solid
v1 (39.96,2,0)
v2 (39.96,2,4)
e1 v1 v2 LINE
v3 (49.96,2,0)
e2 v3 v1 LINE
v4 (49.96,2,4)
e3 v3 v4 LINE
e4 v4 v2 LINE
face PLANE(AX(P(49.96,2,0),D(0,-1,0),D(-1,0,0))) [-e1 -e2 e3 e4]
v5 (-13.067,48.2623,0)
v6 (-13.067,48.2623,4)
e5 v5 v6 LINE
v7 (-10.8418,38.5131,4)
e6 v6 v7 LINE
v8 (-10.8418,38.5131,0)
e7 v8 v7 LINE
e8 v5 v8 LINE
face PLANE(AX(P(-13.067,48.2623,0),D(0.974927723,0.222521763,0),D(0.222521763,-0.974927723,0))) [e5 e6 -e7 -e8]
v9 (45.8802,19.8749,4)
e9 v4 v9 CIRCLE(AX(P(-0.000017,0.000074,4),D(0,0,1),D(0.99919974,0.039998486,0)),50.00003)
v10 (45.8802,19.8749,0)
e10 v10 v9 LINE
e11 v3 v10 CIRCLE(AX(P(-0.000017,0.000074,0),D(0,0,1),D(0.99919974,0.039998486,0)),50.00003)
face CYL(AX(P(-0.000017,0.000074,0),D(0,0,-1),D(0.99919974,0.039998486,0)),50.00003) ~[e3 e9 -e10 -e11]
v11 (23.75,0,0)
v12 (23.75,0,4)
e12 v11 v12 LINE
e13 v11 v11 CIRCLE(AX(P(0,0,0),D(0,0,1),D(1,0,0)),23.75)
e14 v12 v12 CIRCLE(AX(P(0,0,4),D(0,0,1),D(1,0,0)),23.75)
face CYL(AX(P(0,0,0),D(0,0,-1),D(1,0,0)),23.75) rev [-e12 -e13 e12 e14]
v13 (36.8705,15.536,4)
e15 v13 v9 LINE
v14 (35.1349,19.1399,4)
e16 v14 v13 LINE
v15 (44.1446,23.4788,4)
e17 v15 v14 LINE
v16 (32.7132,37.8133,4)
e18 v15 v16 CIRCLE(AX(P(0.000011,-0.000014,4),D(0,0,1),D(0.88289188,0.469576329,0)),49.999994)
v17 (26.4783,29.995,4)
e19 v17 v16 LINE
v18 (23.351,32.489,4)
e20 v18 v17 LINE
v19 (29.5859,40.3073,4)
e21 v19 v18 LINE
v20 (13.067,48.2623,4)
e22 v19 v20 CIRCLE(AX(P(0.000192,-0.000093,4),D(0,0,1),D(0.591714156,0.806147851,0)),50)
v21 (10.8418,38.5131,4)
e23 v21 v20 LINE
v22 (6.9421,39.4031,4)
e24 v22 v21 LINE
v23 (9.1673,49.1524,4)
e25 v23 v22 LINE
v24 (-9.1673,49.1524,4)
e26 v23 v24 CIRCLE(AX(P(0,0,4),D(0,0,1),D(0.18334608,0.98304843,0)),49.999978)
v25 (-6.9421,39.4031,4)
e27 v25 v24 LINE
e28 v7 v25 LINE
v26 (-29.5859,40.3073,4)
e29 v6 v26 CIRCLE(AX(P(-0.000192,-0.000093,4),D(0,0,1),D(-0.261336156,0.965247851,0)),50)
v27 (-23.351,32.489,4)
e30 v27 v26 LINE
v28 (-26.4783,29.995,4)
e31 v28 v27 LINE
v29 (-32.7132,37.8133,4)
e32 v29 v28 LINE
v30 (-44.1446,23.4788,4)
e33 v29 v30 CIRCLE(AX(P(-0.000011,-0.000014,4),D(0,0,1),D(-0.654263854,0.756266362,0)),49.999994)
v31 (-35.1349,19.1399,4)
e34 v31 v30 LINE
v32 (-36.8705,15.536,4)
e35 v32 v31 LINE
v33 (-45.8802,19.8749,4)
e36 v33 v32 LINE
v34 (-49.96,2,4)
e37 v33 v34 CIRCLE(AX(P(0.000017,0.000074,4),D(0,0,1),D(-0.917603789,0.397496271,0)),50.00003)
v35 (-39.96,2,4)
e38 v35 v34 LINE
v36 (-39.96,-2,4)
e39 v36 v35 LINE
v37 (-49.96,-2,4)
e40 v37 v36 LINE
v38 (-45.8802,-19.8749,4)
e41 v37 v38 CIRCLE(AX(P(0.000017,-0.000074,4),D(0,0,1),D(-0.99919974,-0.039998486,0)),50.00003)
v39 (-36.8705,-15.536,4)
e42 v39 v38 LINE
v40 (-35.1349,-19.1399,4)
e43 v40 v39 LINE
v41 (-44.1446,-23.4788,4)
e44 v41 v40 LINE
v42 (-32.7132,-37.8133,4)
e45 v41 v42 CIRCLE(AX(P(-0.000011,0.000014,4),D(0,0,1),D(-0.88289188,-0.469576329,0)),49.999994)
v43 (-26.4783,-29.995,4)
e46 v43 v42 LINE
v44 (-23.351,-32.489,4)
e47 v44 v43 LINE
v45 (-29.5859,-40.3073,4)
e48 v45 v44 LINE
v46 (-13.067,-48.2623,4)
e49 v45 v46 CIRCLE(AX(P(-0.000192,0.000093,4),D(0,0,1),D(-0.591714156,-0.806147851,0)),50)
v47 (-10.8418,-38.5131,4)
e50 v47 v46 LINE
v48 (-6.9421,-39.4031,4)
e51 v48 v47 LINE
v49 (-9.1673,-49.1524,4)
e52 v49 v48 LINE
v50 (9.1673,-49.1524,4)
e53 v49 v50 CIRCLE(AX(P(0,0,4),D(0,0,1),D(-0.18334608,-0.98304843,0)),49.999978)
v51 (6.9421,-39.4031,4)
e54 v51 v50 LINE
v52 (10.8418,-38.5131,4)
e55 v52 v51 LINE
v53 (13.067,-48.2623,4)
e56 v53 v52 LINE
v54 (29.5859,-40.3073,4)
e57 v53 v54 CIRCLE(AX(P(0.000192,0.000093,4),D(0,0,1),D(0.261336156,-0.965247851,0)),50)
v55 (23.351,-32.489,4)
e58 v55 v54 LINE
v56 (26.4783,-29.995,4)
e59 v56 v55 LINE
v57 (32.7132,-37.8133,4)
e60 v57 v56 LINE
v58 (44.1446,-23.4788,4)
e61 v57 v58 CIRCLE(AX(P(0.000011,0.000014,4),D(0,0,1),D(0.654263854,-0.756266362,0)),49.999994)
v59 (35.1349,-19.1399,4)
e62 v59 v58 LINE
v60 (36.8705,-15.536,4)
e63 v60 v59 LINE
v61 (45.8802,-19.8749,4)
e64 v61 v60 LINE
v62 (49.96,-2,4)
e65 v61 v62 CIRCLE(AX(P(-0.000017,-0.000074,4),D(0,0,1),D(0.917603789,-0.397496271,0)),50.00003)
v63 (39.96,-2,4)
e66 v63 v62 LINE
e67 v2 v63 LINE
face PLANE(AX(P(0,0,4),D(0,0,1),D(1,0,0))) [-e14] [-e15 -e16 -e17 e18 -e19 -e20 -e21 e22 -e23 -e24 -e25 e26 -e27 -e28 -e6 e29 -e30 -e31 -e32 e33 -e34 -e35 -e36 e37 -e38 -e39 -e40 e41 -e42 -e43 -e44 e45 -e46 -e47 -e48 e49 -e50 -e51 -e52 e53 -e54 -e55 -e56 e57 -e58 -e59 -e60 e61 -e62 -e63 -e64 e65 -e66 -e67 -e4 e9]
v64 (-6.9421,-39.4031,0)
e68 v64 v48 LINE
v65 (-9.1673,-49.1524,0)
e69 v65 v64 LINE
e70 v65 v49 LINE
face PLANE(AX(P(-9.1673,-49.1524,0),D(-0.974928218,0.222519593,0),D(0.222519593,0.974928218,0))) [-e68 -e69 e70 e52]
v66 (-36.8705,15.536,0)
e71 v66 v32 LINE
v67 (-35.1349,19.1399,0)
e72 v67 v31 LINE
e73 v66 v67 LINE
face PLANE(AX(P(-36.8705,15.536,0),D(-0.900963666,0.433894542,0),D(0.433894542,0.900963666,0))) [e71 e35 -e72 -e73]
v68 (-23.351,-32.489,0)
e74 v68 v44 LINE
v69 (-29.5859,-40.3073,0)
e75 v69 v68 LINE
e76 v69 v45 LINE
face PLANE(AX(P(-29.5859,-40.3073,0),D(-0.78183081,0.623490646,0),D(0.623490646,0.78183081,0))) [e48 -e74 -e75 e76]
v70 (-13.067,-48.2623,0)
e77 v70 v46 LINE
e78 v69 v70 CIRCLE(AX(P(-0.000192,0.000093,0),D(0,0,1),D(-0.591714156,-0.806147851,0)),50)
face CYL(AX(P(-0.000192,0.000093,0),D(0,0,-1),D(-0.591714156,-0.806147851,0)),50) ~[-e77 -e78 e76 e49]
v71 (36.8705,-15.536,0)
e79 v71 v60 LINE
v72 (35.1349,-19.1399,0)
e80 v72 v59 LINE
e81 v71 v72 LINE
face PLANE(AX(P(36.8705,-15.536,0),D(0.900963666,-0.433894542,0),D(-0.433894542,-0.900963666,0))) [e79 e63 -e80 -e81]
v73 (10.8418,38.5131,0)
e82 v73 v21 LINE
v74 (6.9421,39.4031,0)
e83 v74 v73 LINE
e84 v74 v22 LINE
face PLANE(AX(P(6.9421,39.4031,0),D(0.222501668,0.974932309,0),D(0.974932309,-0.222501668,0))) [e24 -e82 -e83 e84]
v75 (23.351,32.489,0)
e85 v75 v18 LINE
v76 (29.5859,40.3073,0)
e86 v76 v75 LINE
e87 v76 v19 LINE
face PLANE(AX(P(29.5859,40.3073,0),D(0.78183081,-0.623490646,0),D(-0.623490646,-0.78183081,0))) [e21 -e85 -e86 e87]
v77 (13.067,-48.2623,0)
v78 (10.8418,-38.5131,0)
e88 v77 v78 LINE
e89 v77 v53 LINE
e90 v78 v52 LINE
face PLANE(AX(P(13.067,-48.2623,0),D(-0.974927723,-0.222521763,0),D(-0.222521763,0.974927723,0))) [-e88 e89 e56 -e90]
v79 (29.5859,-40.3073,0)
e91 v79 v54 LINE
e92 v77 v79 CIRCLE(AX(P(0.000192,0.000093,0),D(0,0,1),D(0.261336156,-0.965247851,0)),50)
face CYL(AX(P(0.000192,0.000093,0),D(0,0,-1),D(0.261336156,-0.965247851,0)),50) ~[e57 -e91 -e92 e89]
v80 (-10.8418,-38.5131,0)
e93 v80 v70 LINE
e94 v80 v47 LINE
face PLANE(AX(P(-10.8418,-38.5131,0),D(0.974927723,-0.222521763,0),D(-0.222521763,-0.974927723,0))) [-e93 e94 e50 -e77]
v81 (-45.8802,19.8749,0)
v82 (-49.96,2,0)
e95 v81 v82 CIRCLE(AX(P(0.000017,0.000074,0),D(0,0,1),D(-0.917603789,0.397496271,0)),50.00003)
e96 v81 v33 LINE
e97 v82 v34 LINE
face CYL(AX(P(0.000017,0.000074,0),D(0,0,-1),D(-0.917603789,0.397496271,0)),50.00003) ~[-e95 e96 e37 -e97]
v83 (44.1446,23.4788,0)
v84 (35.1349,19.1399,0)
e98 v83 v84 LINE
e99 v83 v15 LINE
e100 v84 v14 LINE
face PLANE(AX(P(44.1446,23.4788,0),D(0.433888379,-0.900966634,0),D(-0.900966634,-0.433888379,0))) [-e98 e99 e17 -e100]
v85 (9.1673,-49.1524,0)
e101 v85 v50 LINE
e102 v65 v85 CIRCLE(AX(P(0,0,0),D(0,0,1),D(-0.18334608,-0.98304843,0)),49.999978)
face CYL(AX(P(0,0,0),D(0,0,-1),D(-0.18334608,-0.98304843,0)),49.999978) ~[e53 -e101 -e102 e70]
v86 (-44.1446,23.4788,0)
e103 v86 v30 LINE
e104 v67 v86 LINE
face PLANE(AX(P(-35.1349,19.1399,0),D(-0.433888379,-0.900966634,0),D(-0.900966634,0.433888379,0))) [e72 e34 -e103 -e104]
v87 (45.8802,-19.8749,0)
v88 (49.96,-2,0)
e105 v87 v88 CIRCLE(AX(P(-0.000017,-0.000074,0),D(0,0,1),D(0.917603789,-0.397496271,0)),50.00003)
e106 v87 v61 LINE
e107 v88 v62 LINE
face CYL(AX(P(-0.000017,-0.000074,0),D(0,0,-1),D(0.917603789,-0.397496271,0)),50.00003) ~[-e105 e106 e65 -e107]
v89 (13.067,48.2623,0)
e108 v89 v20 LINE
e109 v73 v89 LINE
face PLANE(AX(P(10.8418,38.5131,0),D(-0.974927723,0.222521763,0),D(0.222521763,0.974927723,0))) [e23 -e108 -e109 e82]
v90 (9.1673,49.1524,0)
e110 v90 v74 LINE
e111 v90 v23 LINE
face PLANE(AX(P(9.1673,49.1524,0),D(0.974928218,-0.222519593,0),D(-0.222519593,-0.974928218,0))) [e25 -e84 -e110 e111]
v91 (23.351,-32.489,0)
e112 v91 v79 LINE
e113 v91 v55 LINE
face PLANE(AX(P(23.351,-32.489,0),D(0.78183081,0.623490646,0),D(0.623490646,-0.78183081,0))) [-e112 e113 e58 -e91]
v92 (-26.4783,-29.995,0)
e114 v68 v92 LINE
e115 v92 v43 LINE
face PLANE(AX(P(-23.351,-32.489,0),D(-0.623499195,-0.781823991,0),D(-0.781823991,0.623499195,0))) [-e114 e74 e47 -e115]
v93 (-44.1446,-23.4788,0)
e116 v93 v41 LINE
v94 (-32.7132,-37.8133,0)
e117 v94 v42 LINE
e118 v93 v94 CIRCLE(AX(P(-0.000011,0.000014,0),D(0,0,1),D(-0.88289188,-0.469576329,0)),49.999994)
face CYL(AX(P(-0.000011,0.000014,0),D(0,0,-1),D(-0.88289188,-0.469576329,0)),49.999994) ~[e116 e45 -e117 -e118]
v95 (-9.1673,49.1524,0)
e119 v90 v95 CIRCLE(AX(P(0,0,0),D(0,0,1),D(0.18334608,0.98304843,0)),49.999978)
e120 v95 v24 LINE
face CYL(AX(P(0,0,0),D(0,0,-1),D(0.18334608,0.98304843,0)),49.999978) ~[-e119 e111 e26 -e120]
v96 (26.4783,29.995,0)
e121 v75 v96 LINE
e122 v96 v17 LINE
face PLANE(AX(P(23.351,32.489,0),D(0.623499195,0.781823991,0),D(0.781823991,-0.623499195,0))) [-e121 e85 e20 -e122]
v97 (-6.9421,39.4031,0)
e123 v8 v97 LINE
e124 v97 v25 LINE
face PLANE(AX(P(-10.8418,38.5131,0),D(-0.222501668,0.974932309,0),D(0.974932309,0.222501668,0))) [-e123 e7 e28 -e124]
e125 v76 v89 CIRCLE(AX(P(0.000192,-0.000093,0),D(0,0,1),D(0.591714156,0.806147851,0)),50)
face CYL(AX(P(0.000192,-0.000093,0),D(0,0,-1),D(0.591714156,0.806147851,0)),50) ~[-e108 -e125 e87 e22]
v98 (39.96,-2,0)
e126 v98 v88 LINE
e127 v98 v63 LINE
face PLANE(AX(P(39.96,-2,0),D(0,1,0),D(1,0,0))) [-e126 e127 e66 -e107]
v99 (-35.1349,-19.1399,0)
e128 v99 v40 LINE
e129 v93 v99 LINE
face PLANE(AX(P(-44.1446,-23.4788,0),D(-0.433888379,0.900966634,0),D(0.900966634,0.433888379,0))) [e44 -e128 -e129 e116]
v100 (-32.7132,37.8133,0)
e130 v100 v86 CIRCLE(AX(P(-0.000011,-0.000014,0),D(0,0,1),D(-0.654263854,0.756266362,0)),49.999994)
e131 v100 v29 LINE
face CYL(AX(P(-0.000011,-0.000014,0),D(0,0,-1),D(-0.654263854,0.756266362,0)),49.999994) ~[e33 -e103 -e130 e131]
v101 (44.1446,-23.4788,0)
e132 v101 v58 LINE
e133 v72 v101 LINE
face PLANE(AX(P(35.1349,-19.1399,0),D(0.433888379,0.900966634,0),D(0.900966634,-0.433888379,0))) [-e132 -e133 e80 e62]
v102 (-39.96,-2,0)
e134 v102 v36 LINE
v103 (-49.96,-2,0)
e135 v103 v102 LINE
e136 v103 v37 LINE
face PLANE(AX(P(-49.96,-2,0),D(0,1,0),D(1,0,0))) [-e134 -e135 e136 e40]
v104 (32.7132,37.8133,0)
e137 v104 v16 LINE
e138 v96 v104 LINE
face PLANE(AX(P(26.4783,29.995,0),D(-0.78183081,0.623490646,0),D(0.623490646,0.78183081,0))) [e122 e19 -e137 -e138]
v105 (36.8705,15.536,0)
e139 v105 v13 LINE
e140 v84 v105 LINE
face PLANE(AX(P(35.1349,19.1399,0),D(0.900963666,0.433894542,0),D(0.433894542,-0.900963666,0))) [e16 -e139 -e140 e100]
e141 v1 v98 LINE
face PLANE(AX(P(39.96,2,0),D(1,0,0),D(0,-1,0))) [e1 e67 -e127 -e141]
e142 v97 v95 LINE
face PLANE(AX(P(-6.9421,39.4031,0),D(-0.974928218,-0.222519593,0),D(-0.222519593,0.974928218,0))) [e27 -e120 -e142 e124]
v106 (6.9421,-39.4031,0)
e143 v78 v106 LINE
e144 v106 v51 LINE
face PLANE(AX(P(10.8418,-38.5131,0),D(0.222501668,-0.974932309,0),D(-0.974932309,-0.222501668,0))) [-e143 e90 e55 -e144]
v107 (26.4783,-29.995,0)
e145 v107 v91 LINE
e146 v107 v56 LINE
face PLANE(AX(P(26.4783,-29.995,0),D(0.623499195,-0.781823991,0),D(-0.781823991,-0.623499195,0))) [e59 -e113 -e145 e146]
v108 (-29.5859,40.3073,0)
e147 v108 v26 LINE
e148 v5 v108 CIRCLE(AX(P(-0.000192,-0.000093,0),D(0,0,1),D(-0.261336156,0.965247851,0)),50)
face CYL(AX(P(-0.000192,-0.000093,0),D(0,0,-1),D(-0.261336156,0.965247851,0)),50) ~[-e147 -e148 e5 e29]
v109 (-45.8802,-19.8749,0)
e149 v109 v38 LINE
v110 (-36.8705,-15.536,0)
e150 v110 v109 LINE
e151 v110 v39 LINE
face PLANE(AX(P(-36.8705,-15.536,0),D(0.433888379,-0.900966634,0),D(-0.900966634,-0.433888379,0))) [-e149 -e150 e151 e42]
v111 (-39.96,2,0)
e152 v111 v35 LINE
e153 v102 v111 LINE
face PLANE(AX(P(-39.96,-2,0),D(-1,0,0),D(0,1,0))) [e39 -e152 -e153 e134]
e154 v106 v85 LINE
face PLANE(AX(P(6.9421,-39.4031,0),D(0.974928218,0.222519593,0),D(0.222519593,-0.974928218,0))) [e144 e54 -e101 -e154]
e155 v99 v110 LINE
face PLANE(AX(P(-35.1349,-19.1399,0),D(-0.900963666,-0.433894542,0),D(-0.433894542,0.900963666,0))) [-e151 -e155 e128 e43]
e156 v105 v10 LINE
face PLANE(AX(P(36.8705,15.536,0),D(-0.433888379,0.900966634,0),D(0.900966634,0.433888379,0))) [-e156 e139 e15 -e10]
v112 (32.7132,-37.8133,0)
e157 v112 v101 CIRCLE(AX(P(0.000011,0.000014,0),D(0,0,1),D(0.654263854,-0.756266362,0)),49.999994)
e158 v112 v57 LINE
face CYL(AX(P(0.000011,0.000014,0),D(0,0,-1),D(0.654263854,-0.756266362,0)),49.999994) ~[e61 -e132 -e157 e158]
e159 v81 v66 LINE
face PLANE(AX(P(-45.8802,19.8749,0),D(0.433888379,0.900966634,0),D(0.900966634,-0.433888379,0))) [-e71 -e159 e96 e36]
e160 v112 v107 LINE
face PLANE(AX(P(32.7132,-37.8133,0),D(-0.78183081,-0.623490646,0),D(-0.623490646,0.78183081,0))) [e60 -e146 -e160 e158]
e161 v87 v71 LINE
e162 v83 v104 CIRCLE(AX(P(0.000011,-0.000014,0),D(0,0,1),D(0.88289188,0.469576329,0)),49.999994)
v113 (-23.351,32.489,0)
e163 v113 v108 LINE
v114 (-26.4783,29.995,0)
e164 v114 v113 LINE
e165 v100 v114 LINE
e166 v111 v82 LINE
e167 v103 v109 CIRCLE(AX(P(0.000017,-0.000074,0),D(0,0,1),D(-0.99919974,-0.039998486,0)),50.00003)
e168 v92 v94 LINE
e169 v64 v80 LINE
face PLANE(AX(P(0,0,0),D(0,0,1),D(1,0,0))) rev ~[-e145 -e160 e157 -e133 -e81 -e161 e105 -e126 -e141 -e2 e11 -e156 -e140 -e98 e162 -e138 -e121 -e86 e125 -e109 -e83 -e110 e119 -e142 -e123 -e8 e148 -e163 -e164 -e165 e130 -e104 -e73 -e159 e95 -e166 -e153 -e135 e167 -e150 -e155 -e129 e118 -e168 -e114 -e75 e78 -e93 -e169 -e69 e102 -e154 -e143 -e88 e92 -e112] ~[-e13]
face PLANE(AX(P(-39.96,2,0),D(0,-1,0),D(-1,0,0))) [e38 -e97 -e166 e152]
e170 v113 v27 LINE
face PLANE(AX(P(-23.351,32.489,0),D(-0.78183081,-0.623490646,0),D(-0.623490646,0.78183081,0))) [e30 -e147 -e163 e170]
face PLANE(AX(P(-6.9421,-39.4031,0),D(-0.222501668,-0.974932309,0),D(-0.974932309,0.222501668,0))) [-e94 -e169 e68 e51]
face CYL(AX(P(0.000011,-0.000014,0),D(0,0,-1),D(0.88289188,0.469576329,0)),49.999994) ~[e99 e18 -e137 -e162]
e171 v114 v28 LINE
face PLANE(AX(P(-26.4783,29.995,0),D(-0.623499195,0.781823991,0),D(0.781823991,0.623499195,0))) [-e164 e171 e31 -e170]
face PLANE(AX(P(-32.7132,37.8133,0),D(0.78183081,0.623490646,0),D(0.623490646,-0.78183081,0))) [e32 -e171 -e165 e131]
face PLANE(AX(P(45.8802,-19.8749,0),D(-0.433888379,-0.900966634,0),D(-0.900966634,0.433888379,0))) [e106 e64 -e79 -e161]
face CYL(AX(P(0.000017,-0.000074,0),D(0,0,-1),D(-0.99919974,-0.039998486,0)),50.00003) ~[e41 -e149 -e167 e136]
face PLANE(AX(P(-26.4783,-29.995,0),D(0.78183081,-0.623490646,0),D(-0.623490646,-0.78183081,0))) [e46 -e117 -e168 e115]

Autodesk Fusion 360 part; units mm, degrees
sketch "Sketch1" plane through (0, 0, 0) normal (0, 0, 1) x (1, 0, 0)
  circle A0 centre (0, 0) radius 23.75
  line L0 (49.96, 2) -> (39.96, 2)
  line L1 (39.96, 2) -> (39.96, -2)
  line L2 (39.96, -2) -> (49.96, -2)
  line L3 (44.1446, 23.4788) -> (35.1349, 19.1399)
  line L4 (36.8705, 15.536) -> (45.8802, 19.8749)
  line L5 (35.1349, 19.1399) -> (36.8705, 15.536)
  line L6 (29.5859, 40.3073) -> (23.351, 32.489)
  line L7 (26.4783, 29.995) -> (32.7132, 37.8133)
  line L8 (23.351, 32.489) -> (26.4783, 29.995)
  line L9 (9.1673, 49.1524) -> (6.9421, 39.4031)
  line L10 (10.8418, 38.5131) -> (13.067, 48.2623)
  line L11 (6.9421, 39.4031) -> (10.8418, 38.5131)
  line L12 (-13.067, 48.2623) -> (-10.8418, 38.5131)
  line L13 (-6.9421, 39.4031) -> (-9.1673, 49.1524)
  line L14 (-10.8418, 38.5131) -> (-6.9421, 39.4031)
  line L15 (-32.7132, 37.8133) -> (-26.4783, 29.995)
  line L16 (-23.351, 32.489) -> (-29.5859, 40.3073)
  line L17 (-26.4783, 29.995) -> (-23.351, 32.489)
  line L18 (-45.8802, 19.8749) -> (-36.8705, 15.536)
  line L19 (-35.1349, 19.1399) -> (-44.1446, 23.4788)
  line L20 (-36.8705, 15.536) -> (-35.1349, 19.1399)
  line L21 (-49.96, -2) -> (-39.96, -2)
  line L22 (-39.96, 2) -> (-49.96, 2)
  line L23 (-39.96, -2) -> (-39.96, 2)
  line L24 (-44.1446, -23.4788) -> (-35.1349, -19.1399)
  line L25 (-36.8705, -15.536) -> (-45.8802, -19.8749)
  line L26 (-35.1349, -19.1399) -> (-36.8705, -15.536)
  line L27 (-29.5859, -40.3073) -> (-23.351, -32.489)
  line L28 (-26.4783, -29.995) -> (-32.7132, -37.8133)
  line L29 (-23.351, -32.489) -> (-26.4783, -29.995)
  line L30 (-9.1673, -49.1524) -> (-6.9421, -39.4031)
  line L31 (-10.8418, -38.5131) -> (-13.067, -48.2623)
  line L32 (-6.9421, -39.4031) -> (-10.8418, -38.5131)
  line L33 (13.067, -48.2623) -> (10.8418, -38.5131)
  line L34 (6.9421, -39.4031) -> (9.1673, -49.1524)
  line L35 (10.8418, -38.5131) -> (6.9421, -39.4031)
  line L36 (32.7132, -37.8133) -> (26.4783, -29.995)
  line L37 (23.351, -32.489) -> (29.5859, -40.3073)
  line L38 (26.4783, -29.995) -> (23.351, -32.489)
  line L39 (45.8802, -19.8749) -> (36.8705, -15.536)
  line L40 (35.1349, -19.1399) -> (44.1446, -23.4788)
  line L41 (36.8705, -15.536) -> (35.1349, -19.1399)
  arc A1 (49.96, 2) -> (45.8802, 19.8749) centre (0, 0) ccw
  arc A2 (44.1446, 23.4788) -> (32.7132, 37.8133) centre (0, 0) ccw
  arc A3 (29.5859, 40.3073) -> (13.067, 48.2623) centre (0, 0) ccw
  arc A4 (9.1673, 49.1524) -> (-9.1673, 49.1524) centre (0, 0) ccw
  arc A5 (-13.067, 48.2623) -> (-29.5859, 40.3073) centre (0, 0) ccw
  arc A6 (-32.7132, 37.8133) -> (-44.1446, 23.4788) centre (0, 0) ccw
  arc A7 (-45.8802, 19.8749) -> (-49.96, 2) centre (0, 0) ccw
  arc A8 (-49.96, -2) -> (-45.8802, -19.8749) centre (0, 0) ccw
  arc A9 (-44.1446, -23.4788) -> (-32.7132, -37.8133) centre (0, 0) ccw
  arc A10 (-29.5859, -40.3073) -> (-13.067, -48.2623) centre (0, 0) ccw
  arc A11 (-9.1673, -49.1524) -> (9.1673, -49.1524) centre (0, 0) ccw
  arc A12 (13.067, -48.2623) -> (29.5859, -40.3073) centre (0, 0) ccw
  arc A13 (32.7132, -37.8133) -> (44.1446, -23.4788) centre (0, 0) ccw
  arc A14 (45.8802, -19.8749) -> (49.96, -2) centre (0, 0) ccw
  dimension "d1" = 100
  dimension "d6" = 47.5
  dimension "d7" = 10
  dimension "d8" = 10
  dimension "d9" = 4
  dimension "d11" = 360
extrude "Extrude1" add sketch "Sketch1" along normal blind 4
equation "d1 = D_o"
equation "D_o = 100 mm"
equation "D_i = 47.5 mm"
equation "þykkt = 4 mm"
equation "offset = 10 mm"
equation "d6 = D_i"
equation "d7 = offset"
equation "d8 = offset"
equation "d9 = þykkt"
equation "d12 = þykkt"
